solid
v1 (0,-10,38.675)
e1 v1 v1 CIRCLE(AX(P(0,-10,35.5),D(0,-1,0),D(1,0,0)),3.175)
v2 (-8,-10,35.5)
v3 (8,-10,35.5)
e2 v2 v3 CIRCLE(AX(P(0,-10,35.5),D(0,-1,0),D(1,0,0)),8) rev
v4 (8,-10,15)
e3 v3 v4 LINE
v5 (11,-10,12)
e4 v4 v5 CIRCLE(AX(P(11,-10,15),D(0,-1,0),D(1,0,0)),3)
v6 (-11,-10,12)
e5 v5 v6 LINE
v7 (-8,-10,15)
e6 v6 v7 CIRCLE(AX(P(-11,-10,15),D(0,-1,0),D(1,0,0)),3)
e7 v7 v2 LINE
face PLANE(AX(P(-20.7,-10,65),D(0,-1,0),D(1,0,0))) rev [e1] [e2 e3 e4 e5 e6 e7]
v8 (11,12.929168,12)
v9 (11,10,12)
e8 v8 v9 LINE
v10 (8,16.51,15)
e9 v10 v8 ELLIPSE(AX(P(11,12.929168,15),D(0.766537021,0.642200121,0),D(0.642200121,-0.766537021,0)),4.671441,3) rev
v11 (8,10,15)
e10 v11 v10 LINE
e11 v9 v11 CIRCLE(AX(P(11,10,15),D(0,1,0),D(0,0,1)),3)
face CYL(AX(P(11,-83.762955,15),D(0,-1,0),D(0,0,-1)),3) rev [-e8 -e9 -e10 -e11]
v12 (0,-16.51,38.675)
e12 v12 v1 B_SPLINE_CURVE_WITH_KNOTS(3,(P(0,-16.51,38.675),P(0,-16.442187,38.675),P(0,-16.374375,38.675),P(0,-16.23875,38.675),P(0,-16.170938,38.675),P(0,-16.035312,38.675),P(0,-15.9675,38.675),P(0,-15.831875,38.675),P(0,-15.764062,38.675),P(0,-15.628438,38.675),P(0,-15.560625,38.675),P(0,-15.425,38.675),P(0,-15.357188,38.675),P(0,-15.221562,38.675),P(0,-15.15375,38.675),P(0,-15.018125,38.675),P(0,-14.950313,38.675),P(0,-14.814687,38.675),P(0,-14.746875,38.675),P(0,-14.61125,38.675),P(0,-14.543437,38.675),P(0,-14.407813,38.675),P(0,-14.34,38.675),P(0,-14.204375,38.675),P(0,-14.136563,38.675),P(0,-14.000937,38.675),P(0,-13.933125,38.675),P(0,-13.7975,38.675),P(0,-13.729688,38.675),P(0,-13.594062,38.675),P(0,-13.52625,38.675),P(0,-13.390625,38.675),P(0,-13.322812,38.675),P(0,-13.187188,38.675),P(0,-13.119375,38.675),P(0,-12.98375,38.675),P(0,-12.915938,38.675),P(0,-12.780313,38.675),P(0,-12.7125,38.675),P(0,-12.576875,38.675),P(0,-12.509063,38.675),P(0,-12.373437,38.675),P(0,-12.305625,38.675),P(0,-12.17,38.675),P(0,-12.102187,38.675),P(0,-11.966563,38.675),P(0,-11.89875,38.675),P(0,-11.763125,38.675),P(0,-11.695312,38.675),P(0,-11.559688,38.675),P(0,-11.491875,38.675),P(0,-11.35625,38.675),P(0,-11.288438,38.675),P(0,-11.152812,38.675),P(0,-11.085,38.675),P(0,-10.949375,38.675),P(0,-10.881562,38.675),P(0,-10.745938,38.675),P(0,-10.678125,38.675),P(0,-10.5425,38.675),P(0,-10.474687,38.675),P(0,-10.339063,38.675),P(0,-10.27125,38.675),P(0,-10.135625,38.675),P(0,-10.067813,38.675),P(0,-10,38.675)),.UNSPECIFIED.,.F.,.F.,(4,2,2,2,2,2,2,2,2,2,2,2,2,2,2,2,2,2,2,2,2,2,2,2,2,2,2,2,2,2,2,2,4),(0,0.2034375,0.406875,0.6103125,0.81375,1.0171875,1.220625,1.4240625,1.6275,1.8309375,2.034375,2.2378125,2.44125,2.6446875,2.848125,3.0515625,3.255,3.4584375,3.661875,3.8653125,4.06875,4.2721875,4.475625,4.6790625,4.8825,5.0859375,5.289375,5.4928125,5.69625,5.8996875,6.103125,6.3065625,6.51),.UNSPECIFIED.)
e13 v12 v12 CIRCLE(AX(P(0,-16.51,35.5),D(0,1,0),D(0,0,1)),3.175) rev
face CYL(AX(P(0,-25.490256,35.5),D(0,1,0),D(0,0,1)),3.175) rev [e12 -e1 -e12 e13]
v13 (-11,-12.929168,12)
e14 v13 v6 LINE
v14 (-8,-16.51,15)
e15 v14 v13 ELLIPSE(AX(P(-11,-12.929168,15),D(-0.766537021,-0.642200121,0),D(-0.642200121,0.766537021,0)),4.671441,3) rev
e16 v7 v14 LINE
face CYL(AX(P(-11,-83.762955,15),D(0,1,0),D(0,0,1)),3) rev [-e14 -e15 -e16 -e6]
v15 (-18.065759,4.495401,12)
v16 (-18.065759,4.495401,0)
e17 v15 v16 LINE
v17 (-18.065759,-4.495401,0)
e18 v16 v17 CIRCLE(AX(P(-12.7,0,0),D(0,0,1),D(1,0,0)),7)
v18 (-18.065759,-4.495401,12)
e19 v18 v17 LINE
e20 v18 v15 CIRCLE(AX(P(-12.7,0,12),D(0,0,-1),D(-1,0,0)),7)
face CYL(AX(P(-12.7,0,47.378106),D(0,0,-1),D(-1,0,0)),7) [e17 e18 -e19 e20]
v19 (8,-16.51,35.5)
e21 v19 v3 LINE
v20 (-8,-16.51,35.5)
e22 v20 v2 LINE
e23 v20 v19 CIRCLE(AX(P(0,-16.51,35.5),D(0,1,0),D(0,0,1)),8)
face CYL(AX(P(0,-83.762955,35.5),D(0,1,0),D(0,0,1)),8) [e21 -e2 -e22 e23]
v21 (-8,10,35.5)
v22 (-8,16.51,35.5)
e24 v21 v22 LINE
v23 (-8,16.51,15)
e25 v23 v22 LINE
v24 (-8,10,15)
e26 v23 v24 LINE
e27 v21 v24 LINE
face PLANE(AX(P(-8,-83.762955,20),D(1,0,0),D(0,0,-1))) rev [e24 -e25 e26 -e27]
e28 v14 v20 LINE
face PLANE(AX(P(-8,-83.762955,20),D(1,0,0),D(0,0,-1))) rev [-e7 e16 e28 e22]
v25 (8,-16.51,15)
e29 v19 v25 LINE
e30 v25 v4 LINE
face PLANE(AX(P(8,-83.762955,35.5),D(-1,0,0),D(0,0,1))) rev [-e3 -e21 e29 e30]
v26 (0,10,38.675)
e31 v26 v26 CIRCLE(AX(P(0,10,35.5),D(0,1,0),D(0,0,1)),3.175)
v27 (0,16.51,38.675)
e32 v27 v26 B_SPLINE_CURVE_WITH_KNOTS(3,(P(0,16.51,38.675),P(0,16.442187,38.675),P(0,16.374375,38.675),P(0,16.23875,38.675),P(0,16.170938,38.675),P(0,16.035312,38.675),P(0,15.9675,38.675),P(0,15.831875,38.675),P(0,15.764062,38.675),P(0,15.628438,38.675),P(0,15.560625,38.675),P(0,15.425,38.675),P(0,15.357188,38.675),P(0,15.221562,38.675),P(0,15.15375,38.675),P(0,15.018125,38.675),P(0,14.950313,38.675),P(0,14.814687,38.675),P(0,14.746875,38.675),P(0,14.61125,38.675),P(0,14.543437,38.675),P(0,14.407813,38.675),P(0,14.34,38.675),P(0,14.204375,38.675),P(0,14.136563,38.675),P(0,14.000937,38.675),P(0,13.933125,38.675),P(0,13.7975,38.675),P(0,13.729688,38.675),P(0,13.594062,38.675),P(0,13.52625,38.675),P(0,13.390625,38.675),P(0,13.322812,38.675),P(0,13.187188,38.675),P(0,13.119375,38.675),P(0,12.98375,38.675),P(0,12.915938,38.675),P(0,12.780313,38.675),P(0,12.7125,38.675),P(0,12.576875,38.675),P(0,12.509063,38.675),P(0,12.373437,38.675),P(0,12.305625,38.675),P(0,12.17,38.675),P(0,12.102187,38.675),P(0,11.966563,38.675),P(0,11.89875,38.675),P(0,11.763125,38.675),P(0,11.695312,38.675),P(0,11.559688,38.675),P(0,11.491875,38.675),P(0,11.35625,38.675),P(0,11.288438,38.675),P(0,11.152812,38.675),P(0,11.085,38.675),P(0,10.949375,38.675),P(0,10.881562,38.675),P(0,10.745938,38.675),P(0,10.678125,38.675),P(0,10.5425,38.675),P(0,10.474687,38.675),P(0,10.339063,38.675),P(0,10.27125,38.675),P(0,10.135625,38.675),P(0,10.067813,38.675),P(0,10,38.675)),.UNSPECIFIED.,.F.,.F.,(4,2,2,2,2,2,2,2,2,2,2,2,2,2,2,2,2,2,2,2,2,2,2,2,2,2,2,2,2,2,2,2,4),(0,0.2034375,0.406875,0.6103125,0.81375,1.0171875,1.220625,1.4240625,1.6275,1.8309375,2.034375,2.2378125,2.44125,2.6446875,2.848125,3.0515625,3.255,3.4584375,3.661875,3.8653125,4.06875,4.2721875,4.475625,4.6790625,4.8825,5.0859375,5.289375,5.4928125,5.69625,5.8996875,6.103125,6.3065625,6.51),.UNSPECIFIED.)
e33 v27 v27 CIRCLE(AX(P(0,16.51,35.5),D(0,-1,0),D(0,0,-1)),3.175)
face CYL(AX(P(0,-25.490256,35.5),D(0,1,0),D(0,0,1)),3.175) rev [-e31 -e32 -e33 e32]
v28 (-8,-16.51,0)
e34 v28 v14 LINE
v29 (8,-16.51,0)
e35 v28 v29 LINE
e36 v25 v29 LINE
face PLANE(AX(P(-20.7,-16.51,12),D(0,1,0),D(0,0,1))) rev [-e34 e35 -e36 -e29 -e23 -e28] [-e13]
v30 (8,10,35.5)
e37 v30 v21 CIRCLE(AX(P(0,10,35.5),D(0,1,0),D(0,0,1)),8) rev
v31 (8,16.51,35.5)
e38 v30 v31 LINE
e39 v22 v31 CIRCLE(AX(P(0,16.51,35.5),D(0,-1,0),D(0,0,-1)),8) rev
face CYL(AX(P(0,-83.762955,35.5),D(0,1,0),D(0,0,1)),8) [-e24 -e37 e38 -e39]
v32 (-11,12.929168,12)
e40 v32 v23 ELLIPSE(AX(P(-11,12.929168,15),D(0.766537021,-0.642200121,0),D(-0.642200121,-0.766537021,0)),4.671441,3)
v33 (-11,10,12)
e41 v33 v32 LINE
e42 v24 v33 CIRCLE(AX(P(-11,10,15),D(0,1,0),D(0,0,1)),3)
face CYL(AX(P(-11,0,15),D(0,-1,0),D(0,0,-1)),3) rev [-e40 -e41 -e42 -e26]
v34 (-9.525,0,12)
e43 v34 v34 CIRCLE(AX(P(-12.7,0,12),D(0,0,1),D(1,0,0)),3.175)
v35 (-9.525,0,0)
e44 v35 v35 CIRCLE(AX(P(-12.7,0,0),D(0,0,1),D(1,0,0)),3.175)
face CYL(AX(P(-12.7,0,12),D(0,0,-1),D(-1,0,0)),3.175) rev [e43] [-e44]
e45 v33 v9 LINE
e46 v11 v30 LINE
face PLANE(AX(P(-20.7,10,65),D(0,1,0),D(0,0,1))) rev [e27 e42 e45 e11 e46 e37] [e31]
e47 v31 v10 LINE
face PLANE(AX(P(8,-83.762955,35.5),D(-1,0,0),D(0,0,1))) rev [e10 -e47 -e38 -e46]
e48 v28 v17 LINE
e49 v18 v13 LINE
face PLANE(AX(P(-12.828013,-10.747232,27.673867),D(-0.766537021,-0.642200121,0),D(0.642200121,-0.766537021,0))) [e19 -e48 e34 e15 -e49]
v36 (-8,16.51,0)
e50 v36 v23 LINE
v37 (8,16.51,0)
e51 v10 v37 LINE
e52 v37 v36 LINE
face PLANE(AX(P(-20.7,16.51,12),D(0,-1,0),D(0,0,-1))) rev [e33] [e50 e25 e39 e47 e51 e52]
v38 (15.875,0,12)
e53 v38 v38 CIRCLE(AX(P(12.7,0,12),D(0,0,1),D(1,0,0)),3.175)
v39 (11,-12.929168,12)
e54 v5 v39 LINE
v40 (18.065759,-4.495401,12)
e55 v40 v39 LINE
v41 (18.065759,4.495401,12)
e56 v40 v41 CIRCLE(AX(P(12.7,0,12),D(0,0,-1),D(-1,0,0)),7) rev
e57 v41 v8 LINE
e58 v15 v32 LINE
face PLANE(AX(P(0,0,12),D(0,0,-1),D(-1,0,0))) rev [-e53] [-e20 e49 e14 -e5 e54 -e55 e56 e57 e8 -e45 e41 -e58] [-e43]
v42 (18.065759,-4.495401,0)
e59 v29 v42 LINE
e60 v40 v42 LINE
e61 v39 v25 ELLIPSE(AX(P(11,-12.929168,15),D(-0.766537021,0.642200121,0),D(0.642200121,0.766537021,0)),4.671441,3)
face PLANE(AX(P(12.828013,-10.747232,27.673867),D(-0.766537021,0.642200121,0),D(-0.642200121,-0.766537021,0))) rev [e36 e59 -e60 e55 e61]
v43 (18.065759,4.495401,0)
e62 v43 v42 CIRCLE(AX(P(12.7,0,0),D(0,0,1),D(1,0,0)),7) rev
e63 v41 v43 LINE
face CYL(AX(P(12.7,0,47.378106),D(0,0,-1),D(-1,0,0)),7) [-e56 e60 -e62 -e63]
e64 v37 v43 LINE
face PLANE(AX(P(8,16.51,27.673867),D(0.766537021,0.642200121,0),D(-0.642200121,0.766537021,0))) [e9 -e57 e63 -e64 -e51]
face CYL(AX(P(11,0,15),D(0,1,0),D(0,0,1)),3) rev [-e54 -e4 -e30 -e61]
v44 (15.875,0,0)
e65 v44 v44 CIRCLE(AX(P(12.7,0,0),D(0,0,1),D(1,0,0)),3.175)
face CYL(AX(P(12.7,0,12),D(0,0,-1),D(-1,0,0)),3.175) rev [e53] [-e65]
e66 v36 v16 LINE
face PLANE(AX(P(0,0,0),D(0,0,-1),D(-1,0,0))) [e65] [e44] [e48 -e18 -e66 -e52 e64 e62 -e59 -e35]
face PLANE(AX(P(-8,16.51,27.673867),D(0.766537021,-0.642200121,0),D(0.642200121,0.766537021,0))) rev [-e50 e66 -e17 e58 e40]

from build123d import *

# Parameters (mm, degrees)
SKETCH1_W                      = 41.4
SKETCH1_H                      = 33.02
SKETCH1_R                      = 3.175
BOSS_EXTRUDE1_DEPTH            = 12
SKETCH2_W                      = 41.4
SKETCH2_H                      = 6.51
BOSS_EXTRUDE2_DEPTH            = 53
CUT_EXTRUDE1_REACH             = 72.186
SKETCH4_R                      = 3.175
CUT_EXTRUDE1_DIRECTION_2_REACH = 72.186
CUT_EXTRUDE3_REACH             = 72.186
CUT_EXTRUDE3_DIRECTION_2_REACH = 72.186
CUT_EXTRUDE4_DEPTH             = 12
BOSS_EXTRUDE3_DEPTH            = 12
FILLET3_R                      = 3


with BuildPart() as part:
    # Sketch1 → Boss-Extrude1 (new body)
    with BuildSketch(Plane.XY):
        Rectangle(SKETCH1_W, SKETCH1_H)
        with Locations((12.7, 0)):
            Circle(SKETCH1_R, mode=Mode.SUBTRACT)
        with Locations((-12.7, 0)):
            Circle(SKETCH1_R, mode=Mode.SUBTRACT)
    extrude(amount=BOSS_EXTRUDE1_DEPTH)

    # Sketch2 → Boss-Extrude2 (add)
    with BuildSketch(Plane.XY.offset(12)):
        with Locations((0, 13.255)):
            Rectangle(SKETCH2_W, SKETCH2_H)
        with Locations((0, -13.255)):
            Rectangle(SKETCH2_W, SKETCH2_H)
    extrude(amount=BOSS_EXTRUDE2_DEPTH)

    # Cut-Extrude1: up to this face of the body (flat: up to its plane)
    cut_extrude1_end = Plane(part.part.faces().sort_by_distance((0, -16.51, 32.5))[0])
    # Sketch4 → Cut-Extrude1 (cut, up to the picked face)
    with BuildSketch(Plane(origin=(0, 0, 0), x_dir=(1, 0, 0), z_dir=(0, 1, 0)), mode=Mode.PRIVATE) as cut_extrude1_sk1:
        with Locations(Location((0, -35.5, 0), (0, 0, 270))):
            Circle(SKETCH4_R)
    cut_extrude1_tool1 = split(extrude(cut_extrude1_sk1.sketch, amount=-CUT_EXTRUDE1_REACH, mode=Mode.PRIVATE), bisect_by=cut_extrude1_end, keep=Keep.BOTH, mode=Mode.PRIVATE)
    add(cut_extrude1_tool1.solids().sort_by(Axis((0, 0, 35.5), (0, -1, 0)))[0], mode=Mode.SUBTRACT)

    # Cut-Extrude1 direction 2: up to this face of the body (flat: up to its plane)
    cut_extrude1_direction_2_end = Plane(part.part.faces().sort_by_distance((0, 16.51, 32.5))[0])
    # Sketch4 → Cut-Extrude1 direction 2 (cut, up to the picked face)
    with BuildSketch(Plane(origin=(0, 0, 0), x_dir=(1, 0, 0), z_dir=(0, 1, 0)), mode=Mode.PRIVATE) as cut_extrude1_direction_2_sk1:
        with Locations(Location((0, -35.5, 0), (0, 0, 270))):
            Circle(SKETCH4_R)
    cut_extrude1_direction_2_tool1 = split(extrude(cut_extrude1_direction_2_sk1.sketch, amount=CUT_EXTRUDE1_DIRECTION_2_REACH, mode=Mode.PRIVATE), bisect_by=cut_extrude1_direction_2_end, keep=Keep.BOTH, mode=Mode.PRIVATE)
    add(cut_extrude1_direction_2_tool1.solids().sort_by(Axis((0, 0, 35.5), (0, 1, 0)))[0], mode=Mode.SUBTRACT)

    # Cut-Extrude3: up to this face of the body (flat: up to its plane)
    cut_extrude3_end = Plane(part.part.faces().sort_by_distance((-19.929353518, -16.51, 32.5))[0])
    # Sketch6 → Cut-Extrude3 (cut, up to the picked face)
    with BuildSketch(Plane(origin=(0, 0, 0), x_dir=(1, 0, 0), z_dir=(0, 1, 0)), mode=Mode.PRIVATE) as cut_extrude3_sk1:
        with BuildLine():
            Line((-8, -35.5), (-8, -20))
            Line((-8, -20), (-8, -12))
            Line((-8, -12), (-16, -12))
            Line((-16, -12), (-20.7, -12))
            Line((-20.7, -12), (-20.7, -65))
            Line((-20.7, -65), (20.7, -65))
            Line((20.7, -65), (20.7, -12))
            Line((20.7, -12), (16, -12))
            Line((16, -12), (8, -12))
            Line((8, -12), (8, -20))
            Line((8, -20), (8, -35.5))
            ThreePointArc((8, -35.5), (0, -43.5), (-8, -35.5))
        make_face()
    cut_extrude3_tool1 = split(extrude(cut_extrude3_sk1.sketch, amount=-CUT_EXTRUDE3_REACH, mode=Mode.PRIVATE), bisect_by=cut_extrude3_end, keep=Keep.BOTH, mode=Mode.PRIVATE)
    add(cut_extrude3_tool1.solids().sort_by(Axis((-8.67253, 0, 27.75), (0, -1, 0)))[0], mode=Mode.SUBTRACT)

    # Cut-Extrude3 direction 2: up to this face of the body (flat: up to its plane)
    cut_extrude3_direction_2_end = Plane(part.part.faces().sort_by_distance((19.929353518, 16.51, 32.5))[0])
    # Sketch6 → Cut-Extrude3 direction 2 (cut, up to the picked face)
    with BuildSketch(Plane(origin=(0, 0, 0), x_dir=(1, 0, 0), z_dir=(0, 1, 0)), mode=Mode.PRIVATE) as cut_extrude3_direction_2_sk1:
        with BuildLine():
            Line((-8, -35.5), (-8, -20))
            Line((-8, -20), (-8, -12))
            Line((-8, -12), (-16, -12))
            Line((-16, -12), (-20.7, -12))
            Line((-20.7, -12), (-20.7, -65))
            Line((-20.7, -65), (20.7, -65))
            Line((20.7, -65), (20.7, -12))
            Line((20.7, -12), (16, -12))
            Line((16, -12), (8, -12))
            Line((8, -12), (8, -20))
            Line((8, -20), (8, -35.5))
            ThreePointArc((8, -35.5), (0, -43.5), (-8, -35.5))
        make_face()
    cut_extrude3_direction_2_tool1 = split(extrude(cut_extrude3_direction_2_sk1.sketch, amount=CUT_EXTRUDE3_DIRECTION_2_REACH, mode=Mode.PRIVATE), bisect_by=cut_extrude3_direction_2_end, keep=Keep.BOTH, mode=Mode.PRIVATE)
    add(cut_extrude3_direction_2_tool1.solids().sort_by(Axis((-8.67253, 0, 27.75), (0, 1, 0)))[0], mode=Mode.SUBTRACT)

    # Sketch7 → Cut-Extrude4 (cut)
    with BuildSketch(Plane.XY):
        with BuildLine():
            ThreePointArc((-12.7, 7), (-19.7, 0), (-12.7, -7))
            Line((-12.7, -7), (-8, -7))
            Line((-8, -7), (-8, -16.51))
            Line((-8, -16.51), (-20.7, -16.51))
            Line((-20.7, -16.51), (-20.7, 16.51))
            Line((-20.7, 16.51), (-8, 16.51))
            Line((-8, 16.51), (-8, 7))
            Line((-8, 7), (-12.7, 7))
        make_face()
        with BuildLine():
            Line((12.7, 7), (8, 7))
            Line((8, 7), (8, 16.51))
            Line((8, 16.51), (20.7, 16.51))
            Line((20.7, 16.51), (20.7, -16.51))
            Line((20.7, -16.51), (8, -16.51))
            Line((8, -16.51), (8, -7))
            Line((8, -7), (12.7, -7))
            ThreePointArc((12.7, -7), (19.7, 0), (12.7, 7))
        make_face()
    extrude(amount=CUT_EXTRUDE4_DEPTH, mode=Mode.SUBTRACT)

    # Sketch8 → Boss-Extrude3 (add)
    with BuildSketch(Plane.XY):
        with BuildLine():
            Line((8, -16.51), (18.065759147, -4.495400847))
            ThreePointArc((18.065759147, -4.495400847), (15.660759537, -6.343020019), (12.7, -7))
            Line((12.7, -7), (8, -7))
            Line((8, -7), (8, -16.51))
        make_face()
        with BuildLine():
            ThreePointArc((-18.065759147, -4.495400847), (-15.660759537, -6.343020019), (-12.7, -7))
            Line((-12.7, -7), (-8, -7))
            Line((-8, -7), (-8, -16.51))
            Line((-8, -16.51), (-18.065759147, -4.495400847))
        make_face()
        with BuildLine():
            Line((8, 16.51), (18.065759147, 4.495400847))
            ThreePointArc((18.065759147, 4.495400847), (15.660759537, 6.343020019), (12.7, 7))
            Line((12.7, 7), (8, 7))
            Line((8, 7), (8, 16.51))
        make_face()
        with BuildLine():
            Line((-8, 16.51), (-18.065759147, 4.495400847))
            ThreePointArc((-18.065759147, 4.495400847), (-15.660759537, 6.343020019), (-12.7, 7))
            Line((-12.7, 7), (-8, 7))
            Line((-8, 7), (-8, 16.51))
        make_face()
    extrude(amount=BOSS_EXTRUDE3_DEPTH)

    # Fillet3
    fillet3_edges = [part.edges().sort_by_distance(p)[0] for p in [
        (8, -13.255, 12),
        (-8, -13.255, 12),
        (8, 13.255, 12),
        (-8, 13.255, 12),
    ]]
    fillet(fillet3_edges, radius=FILLET3_R)


solid = part.part
